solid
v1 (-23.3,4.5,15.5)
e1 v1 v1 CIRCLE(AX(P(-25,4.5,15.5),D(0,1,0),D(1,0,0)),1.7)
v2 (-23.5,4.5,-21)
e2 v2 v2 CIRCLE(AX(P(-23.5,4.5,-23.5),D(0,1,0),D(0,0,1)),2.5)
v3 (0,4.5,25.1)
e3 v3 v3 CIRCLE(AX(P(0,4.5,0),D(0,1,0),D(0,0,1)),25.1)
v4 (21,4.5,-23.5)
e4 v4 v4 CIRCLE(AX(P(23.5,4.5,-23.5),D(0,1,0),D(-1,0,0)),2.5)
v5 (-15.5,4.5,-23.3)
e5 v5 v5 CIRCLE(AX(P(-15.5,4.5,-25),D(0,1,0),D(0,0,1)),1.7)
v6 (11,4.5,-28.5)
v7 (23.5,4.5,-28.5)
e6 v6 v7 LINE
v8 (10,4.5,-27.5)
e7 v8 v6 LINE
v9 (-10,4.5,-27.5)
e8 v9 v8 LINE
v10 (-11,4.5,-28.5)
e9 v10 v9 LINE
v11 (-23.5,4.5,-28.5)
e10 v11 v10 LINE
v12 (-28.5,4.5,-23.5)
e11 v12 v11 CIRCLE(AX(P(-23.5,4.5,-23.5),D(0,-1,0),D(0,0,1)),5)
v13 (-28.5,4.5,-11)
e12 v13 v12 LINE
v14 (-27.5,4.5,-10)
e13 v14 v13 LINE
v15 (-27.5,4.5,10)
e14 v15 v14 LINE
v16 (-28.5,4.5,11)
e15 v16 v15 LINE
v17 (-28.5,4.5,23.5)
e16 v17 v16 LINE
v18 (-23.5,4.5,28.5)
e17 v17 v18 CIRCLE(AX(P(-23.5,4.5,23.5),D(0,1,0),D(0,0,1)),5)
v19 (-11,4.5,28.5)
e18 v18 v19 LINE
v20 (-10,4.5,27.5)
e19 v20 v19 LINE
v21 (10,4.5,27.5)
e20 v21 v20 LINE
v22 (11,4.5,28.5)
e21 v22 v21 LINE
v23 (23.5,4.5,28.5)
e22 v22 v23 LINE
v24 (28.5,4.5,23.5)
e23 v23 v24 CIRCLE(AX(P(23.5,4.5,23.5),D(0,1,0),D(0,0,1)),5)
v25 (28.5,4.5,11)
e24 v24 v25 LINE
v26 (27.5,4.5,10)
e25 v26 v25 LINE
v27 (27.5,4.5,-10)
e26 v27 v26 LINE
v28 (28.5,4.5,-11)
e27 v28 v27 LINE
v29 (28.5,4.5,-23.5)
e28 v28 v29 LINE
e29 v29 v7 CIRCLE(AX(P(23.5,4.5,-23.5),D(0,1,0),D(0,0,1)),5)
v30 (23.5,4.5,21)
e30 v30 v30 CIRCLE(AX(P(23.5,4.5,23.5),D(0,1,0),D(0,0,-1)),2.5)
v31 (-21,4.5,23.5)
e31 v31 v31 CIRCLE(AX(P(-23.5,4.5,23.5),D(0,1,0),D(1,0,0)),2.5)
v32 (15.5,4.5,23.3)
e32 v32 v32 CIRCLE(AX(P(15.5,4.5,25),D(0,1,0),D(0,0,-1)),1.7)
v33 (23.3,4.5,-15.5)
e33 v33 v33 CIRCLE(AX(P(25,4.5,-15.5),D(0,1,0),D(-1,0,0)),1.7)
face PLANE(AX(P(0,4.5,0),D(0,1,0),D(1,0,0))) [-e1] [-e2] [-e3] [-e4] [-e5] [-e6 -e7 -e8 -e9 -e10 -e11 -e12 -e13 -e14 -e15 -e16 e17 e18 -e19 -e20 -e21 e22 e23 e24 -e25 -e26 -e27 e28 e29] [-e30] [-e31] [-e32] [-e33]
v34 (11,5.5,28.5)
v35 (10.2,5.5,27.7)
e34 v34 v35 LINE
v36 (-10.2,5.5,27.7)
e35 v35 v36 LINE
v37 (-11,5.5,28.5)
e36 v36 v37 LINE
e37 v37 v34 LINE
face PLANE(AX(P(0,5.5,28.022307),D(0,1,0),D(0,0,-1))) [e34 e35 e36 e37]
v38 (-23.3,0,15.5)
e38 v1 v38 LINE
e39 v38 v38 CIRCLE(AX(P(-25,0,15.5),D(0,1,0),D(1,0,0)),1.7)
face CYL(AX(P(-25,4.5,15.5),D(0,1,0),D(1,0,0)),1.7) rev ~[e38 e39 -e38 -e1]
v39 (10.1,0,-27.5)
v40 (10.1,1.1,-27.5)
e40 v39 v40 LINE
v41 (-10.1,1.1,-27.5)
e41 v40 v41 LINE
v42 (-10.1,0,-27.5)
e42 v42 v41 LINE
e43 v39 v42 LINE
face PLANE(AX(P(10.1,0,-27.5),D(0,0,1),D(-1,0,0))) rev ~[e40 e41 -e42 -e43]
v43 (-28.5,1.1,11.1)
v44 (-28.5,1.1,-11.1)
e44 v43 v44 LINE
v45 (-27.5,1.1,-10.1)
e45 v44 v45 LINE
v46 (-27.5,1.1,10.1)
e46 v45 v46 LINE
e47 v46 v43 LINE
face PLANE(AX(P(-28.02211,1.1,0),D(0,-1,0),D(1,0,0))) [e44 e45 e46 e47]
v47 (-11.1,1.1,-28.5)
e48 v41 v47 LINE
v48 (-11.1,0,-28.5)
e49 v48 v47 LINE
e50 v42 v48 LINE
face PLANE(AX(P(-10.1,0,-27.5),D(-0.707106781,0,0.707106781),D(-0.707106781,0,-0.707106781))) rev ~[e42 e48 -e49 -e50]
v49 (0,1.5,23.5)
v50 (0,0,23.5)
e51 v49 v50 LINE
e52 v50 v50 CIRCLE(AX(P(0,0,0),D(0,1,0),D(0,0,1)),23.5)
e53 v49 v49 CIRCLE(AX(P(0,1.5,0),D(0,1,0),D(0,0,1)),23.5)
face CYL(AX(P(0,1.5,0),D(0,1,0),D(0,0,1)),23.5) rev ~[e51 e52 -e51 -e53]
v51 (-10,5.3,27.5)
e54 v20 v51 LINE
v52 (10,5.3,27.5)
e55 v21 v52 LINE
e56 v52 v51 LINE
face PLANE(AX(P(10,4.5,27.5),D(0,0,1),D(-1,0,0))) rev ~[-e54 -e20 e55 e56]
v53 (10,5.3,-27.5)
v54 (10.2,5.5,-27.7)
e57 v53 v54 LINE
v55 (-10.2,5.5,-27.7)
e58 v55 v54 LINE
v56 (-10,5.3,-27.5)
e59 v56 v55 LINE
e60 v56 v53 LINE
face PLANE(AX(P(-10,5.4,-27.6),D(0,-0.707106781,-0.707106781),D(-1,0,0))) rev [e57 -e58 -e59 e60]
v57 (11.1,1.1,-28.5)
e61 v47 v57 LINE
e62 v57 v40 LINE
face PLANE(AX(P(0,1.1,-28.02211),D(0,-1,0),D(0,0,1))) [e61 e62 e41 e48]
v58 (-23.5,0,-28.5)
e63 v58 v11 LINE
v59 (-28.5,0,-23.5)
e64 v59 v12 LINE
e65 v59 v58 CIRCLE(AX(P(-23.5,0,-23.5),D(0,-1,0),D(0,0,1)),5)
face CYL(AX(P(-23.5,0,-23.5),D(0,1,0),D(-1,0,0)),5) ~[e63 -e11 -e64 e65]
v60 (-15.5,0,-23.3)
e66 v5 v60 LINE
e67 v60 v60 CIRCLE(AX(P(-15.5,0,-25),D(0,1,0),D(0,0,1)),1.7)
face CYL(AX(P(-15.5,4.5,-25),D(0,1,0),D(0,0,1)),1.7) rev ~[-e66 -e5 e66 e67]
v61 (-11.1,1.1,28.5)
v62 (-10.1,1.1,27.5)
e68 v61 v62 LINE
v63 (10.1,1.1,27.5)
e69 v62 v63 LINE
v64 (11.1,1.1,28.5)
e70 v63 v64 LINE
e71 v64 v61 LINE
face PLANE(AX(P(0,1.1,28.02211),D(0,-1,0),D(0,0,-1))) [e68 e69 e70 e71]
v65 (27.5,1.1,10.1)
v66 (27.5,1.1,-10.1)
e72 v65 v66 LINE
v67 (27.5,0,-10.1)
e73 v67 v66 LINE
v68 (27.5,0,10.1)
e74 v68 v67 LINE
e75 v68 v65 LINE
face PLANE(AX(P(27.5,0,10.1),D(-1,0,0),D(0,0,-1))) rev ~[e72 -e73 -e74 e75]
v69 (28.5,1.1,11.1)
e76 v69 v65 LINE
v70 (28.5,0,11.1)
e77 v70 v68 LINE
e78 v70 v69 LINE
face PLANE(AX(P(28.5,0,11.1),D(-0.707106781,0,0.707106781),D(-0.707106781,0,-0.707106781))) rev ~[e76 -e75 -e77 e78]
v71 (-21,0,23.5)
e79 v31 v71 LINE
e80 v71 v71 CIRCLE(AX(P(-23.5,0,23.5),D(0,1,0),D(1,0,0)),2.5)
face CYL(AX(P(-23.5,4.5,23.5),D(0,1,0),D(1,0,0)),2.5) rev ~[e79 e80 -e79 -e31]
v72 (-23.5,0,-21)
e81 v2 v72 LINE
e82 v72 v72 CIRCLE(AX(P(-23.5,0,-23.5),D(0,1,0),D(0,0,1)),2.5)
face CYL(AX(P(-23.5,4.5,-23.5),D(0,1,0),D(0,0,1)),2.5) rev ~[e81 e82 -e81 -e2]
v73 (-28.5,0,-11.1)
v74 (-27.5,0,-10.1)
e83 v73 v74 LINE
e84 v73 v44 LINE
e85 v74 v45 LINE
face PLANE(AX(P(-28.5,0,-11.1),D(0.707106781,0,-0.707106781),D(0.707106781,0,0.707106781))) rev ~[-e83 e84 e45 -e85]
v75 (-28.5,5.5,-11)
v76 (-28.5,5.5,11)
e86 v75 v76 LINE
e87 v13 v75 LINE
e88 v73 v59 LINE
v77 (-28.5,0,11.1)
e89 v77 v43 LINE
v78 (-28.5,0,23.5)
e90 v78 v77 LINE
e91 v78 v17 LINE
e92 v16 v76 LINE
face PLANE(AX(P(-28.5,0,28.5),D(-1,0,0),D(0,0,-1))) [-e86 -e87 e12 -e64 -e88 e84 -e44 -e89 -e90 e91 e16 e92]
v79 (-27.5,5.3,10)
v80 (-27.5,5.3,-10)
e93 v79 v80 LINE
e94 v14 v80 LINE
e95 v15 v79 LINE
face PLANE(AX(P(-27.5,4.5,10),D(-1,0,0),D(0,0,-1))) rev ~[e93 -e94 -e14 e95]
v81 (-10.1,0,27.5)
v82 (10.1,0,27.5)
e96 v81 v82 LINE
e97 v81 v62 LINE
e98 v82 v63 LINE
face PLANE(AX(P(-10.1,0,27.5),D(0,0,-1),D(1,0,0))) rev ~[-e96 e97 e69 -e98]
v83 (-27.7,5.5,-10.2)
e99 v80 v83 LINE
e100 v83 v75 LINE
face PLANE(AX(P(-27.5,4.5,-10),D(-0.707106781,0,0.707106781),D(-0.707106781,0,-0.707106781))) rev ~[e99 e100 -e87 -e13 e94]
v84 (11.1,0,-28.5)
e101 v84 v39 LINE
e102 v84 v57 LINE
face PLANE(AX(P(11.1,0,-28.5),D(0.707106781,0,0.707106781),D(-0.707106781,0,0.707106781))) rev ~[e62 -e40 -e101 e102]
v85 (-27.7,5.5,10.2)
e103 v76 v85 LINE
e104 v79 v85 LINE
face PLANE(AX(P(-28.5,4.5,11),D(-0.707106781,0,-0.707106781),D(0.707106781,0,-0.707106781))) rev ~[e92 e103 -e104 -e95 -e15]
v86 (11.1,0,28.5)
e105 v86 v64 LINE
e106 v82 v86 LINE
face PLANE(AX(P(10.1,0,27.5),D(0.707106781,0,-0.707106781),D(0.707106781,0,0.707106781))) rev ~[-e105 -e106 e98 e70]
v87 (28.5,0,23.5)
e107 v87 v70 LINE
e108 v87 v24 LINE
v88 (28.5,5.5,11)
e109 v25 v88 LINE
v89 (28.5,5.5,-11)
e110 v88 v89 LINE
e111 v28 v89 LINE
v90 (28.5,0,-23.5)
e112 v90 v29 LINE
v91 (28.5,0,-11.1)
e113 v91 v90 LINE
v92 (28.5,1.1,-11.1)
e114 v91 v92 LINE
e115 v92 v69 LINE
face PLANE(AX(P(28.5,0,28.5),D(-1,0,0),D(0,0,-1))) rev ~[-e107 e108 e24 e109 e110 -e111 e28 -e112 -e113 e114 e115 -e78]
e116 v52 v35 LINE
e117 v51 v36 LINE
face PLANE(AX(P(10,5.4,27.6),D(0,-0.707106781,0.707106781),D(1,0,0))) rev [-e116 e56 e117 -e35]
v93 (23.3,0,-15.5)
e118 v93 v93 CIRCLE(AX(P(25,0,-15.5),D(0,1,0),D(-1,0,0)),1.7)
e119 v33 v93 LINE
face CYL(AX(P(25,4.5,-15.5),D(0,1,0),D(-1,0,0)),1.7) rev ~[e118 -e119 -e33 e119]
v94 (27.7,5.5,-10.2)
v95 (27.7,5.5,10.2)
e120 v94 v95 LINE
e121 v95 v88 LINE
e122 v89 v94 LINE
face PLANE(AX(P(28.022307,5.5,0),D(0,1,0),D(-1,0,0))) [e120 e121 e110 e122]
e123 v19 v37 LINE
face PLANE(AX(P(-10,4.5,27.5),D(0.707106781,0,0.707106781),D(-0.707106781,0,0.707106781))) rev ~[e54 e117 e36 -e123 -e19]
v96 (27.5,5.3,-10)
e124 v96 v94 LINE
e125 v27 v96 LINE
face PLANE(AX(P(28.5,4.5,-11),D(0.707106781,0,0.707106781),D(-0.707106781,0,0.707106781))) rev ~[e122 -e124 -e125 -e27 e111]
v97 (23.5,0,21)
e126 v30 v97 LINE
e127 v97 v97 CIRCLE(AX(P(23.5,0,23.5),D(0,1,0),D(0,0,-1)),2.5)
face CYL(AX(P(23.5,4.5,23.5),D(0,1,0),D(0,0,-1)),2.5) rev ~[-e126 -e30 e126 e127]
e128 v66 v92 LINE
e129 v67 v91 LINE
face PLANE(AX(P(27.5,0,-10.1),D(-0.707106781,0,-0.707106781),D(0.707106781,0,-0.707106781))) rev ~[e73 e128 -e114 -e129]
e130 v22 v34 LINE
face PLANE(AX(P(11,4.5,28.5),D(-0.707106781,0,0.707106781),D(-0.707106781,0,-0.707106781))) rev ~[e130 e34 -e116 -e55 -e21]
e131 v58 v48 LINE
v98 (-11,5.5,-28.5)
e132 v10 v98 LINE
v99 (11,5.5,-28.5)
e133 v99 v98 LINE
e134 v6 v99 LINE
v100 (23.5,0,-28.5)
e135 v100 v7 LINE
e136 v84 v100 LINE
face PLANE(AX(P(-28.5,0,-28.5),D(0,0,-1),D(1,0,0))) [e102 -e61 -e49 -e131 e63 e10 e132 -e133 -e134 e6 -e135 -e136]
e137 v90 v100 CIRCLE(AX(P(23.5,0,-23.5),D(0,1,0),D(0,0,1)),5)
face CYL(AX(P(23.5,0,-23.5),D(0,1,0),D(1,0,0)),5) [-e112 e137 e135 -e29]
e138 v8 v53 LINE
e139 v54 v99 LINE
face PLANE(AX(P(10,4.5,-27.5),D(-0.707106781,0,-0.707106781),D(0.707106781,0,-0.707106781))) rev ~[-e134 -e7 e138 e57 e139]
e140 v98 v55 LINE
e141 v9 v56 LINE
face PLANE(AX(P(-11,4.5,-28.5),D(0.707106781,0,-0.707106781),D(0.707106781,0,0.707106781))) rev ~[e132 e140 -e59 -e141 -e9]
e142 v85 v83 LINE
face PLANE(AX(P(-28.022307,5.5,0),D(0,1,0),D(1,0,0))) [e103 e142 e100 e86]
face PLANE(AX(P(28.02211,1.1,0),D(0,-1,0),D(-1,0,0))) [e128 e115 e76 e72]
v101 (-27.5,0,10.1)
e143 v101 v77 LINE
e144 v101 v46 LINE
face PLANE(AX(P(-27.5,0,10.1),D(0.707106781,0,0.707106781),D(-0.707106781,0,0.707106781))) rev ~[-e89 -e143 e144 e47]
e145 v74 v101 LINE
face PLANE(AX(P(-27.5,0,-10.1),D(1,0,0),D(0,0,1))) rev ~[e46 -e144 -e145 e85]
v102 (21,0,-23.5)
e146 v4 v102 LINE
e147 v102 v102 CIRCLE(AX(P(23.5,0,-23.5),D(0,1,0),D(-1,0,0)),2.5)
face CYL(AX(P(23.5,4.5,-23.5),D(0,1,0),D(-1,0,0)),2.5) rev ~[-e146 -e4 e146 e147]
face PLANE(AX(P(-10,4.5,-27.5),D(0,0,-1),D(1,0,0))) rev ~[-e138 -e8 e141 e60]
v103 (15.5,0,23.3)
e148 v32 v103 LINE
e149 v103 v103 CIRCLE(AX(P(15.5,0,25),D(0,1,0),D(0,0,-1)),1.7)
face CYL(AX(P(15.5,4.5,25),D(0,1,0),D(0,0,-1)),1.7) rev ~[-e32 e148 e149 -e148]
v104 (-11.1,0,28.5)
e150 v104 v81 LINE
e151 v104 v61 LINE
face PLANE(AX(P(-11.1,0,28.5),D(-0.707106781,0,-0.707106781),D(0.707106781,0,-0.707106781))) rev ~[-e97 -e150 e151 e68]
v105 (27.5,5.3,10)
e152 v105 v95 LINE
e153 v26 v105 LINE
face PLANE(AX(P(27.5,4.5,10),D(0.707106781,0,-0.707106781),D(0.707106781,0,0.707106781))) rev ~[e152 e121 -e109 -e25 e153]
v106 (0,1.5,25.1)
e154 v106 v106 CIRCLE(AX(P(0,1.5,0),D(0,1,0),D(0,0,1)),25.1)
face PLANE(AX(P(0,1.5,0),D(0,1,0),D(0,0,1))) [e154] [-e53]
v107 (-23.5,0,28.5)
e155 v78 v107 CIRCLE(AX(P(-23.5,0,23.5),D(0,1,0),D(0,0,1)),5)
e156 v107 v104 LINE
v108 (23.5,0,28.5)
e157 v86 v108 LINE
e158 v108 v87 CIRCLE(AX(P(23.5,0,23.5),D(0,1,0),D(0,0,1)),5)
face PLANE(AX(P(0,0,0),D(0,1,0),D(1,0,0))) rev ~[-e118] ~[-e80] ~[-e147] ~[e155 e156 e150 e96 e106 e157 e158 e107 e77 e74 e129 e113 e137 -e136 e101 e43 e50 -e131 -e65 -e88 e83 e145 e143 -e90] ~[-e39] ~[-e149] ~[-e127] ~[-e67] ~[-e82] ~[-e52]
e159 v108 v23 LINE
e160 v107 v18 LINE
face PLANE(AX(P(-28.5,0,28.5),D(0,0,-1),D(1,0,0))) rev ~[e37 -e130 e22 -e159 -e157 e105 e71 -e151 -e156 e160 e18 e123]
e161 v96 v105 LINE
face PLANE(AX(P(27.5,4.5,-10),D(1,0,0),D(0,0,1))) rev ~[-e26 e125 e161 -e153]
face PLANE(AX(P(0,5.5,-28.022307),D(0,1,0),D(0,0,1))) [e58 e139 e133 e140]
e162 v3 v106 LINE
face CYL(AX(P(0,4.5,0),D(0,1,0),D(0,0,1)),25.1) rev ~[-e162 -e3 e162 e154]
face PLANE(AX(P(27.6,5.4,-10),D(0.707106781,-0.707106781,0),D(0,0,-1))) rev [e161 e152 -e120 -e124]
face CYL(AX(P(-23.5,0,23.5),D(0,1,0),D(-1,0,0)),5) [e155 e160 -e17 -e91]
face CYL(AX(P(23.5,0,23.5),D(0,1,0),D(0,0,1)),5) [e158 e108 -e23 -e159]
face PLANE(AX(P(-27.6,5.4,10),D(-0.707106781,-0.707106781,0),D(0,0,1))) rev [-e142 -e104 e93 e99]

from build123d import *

# Parameters (mm, degrees)
SKETCH_1_W                           = 57
SKETCH_1_H                           = 57
EXTRUDE_1_DEPTH                      = 4.5
FILLET_1_R                           = 5
SKETCH_2_R                           = 25.1
CUT_EXTRUDE_1_DEPTH                  = 3
SKETCH_3_R                           = 23.5
CUT_EXTRUDE_2_DEPTH                  = 1.5
SKETCH_4_R                           = 2.5
SKETCH_4_R_2                         = 1.7
CUT_EXTRUDE_3_DEPTH                  = 41.555517504
EXTRUDE_2_DEPTH                      = 1
CHAMFER_1_SIZE                       = 0.2
CUT_EXTRUDE_4_DEPTH                  = 1.1
PATTERN_CIRCULAR_1_COUNT             = 4
CHAMFER_1_OF_PATTERN_CIRCULAR_1_SIZE = 0.2


with BuildPart() as part:
    # 草图1 → 凸台-拉伸1 (new body)
    with BuildSketch(Plane(origin=(0, 0, 0), x_dir=(1, 0, 0), z_dir=(0, 1, 0))):
        Rectangle(SKETCH_1_W, SKETCH_1_H)
    extrude(amount=EXTRUDE_1_DEPTH)

    # 圆角1
    fillet_1_edges = [part.edges().sort_by_distance(p)[0] for p in [
        (28.5, 2.25, 28.5),
        (-28.5, 2.25, 28.5),
        (-28.5, 2.25, -28.5),
        (28.5, 2.25, -28.5),
    ]]
    fillet(fillet_1_edges, radius=FILLET_1_R)

    # 草图2 → 切除-拉伸1 (cut)
    with BuildSketch(Plane(origin=(0, 4.5, 0), x_dir=(1, 0, 0), z_dir=(0, 1, 0))):
        with Locations(Location((0, 0, 0), (0, 0, 270))):
            Circle(SKETCH_2_R)
    extrude(amount=-CUT_EXTRUDE_1_DEPTH, mode=Mode.SUBTRACT)

    # 草图3 → 切除-拉伸2 (cut)
    with BuildSketch(Plane(origin=(0, 1.5, 0), x_dir=(1, 0, 0), z_dir=(0, 1, 0))):
        with Locations(Location((0, 0, 0), (0, 0, 270))):
            Circle(SKETCH_3_R)
    extrude(amount=-CUT_EXTRUDE_2_DEPTH, mode=Mode.SUBTRACT)

    # 草图4 → 切除-拉伸3 (cut, through all)
    with BuildSketch(Plane(origin=(0, 4.5, 0), x_dir=(1, 0, 0), z_dir=(0, 1, 0))):
        with Locations(Location((-23.5, 23.5, 0), (0, 0, 270))):
            Circle(SKETCH_4_R)
        with Locations(Location((-15.5, 25, 0), (0, 0, 270))):
            Circle(SKETCH_4_R_2)
    cut_extrude_3 = extrude(amount=-CUT_EXTRUDE_3_DEPTH, mode=Mode.SUBTRACT)

    # 草图5 → 凸台-拉伸2 (add)
    with BuildSketch(Plane(origin=(0, 4.5, 0), x_dir=(1, 0, 0), z_dir=(0, 1, 0))):
        Polygon((-28.5, 11), (-28.5, -11), (-27.5, -10), (-27.5, 10), align=None)
    extrude_2 = extrude(amount=EXTRUDE_2_DEPTH)

    # 倒角1
    chamfer_1_edges = [part.edges().sort_by_distance(p)[0] for p in [
        (-27.5, 5.5, 0),
    ]]
    chamfer(chamfer_1_edges, length=CHAMFER_1_SIZE)

    # 草图6 → 切除-拉伸4 (cut)
    with BuildSketch(Plane.XZ):
        Polygon((-28.5, 11.1), (-28.5, -11.1), (-27.5, -10.1), (-27.5, 10.1), align=None)
    cut_extrude_4 = extrude(amount=-CUT_EXTRUDE_4_DEPTH, mode=Mode.SUBTRACT)

    # 阵列(圆周)1: 切除-拉伸3, 凸台-拉伸2, 切除-拉伸4 ×4 about axis
    pattern_circular_1_axis = Axis((0, 0, 0), (0, 1, 0))
    add([cut_extrude_3.rotate(pattern_circular_1_axis, i * 360 / PATTERN_CIRCULAR_1_COUNT) for i in range(1, PATTERN_CIRCULAR_1_COUNT)], mode=Mode.SUBTRACT)
    add([extrude_2.rotate(pattern_circular_1_axis, i * 360 / PATTERN_CIRCULAR_1_COUNT) for i in range(1, PATTERN_CIRCULAR_1_COUNT)])
    add([cut_extrude_4.rotate(pattern_circular_1_axis, i * 360 / PATTERN_CIRCULAR_1_COUNT) for i in range(1, PATTERN_CIRCULAR_1_COUNT)], mode=Mode.SUBTRACT)

    # 倒角1 of 阵列(圆周)1
    chamfer_1_of_pattern_circular_1_edges = [part.edges().sort_by_distance(p)[0] for p in [
        (0, 5.5, 27.5),
        (27.5, 5.5, 0),
        (0, 5.5, -27.5),
    ]]
    chamfer(chamfer_1_of_pattern_circular_1_edges, length=CHAMFER_1_OF_PATTERN_CIRCULAR_1_SIZE)


solid = part.part
